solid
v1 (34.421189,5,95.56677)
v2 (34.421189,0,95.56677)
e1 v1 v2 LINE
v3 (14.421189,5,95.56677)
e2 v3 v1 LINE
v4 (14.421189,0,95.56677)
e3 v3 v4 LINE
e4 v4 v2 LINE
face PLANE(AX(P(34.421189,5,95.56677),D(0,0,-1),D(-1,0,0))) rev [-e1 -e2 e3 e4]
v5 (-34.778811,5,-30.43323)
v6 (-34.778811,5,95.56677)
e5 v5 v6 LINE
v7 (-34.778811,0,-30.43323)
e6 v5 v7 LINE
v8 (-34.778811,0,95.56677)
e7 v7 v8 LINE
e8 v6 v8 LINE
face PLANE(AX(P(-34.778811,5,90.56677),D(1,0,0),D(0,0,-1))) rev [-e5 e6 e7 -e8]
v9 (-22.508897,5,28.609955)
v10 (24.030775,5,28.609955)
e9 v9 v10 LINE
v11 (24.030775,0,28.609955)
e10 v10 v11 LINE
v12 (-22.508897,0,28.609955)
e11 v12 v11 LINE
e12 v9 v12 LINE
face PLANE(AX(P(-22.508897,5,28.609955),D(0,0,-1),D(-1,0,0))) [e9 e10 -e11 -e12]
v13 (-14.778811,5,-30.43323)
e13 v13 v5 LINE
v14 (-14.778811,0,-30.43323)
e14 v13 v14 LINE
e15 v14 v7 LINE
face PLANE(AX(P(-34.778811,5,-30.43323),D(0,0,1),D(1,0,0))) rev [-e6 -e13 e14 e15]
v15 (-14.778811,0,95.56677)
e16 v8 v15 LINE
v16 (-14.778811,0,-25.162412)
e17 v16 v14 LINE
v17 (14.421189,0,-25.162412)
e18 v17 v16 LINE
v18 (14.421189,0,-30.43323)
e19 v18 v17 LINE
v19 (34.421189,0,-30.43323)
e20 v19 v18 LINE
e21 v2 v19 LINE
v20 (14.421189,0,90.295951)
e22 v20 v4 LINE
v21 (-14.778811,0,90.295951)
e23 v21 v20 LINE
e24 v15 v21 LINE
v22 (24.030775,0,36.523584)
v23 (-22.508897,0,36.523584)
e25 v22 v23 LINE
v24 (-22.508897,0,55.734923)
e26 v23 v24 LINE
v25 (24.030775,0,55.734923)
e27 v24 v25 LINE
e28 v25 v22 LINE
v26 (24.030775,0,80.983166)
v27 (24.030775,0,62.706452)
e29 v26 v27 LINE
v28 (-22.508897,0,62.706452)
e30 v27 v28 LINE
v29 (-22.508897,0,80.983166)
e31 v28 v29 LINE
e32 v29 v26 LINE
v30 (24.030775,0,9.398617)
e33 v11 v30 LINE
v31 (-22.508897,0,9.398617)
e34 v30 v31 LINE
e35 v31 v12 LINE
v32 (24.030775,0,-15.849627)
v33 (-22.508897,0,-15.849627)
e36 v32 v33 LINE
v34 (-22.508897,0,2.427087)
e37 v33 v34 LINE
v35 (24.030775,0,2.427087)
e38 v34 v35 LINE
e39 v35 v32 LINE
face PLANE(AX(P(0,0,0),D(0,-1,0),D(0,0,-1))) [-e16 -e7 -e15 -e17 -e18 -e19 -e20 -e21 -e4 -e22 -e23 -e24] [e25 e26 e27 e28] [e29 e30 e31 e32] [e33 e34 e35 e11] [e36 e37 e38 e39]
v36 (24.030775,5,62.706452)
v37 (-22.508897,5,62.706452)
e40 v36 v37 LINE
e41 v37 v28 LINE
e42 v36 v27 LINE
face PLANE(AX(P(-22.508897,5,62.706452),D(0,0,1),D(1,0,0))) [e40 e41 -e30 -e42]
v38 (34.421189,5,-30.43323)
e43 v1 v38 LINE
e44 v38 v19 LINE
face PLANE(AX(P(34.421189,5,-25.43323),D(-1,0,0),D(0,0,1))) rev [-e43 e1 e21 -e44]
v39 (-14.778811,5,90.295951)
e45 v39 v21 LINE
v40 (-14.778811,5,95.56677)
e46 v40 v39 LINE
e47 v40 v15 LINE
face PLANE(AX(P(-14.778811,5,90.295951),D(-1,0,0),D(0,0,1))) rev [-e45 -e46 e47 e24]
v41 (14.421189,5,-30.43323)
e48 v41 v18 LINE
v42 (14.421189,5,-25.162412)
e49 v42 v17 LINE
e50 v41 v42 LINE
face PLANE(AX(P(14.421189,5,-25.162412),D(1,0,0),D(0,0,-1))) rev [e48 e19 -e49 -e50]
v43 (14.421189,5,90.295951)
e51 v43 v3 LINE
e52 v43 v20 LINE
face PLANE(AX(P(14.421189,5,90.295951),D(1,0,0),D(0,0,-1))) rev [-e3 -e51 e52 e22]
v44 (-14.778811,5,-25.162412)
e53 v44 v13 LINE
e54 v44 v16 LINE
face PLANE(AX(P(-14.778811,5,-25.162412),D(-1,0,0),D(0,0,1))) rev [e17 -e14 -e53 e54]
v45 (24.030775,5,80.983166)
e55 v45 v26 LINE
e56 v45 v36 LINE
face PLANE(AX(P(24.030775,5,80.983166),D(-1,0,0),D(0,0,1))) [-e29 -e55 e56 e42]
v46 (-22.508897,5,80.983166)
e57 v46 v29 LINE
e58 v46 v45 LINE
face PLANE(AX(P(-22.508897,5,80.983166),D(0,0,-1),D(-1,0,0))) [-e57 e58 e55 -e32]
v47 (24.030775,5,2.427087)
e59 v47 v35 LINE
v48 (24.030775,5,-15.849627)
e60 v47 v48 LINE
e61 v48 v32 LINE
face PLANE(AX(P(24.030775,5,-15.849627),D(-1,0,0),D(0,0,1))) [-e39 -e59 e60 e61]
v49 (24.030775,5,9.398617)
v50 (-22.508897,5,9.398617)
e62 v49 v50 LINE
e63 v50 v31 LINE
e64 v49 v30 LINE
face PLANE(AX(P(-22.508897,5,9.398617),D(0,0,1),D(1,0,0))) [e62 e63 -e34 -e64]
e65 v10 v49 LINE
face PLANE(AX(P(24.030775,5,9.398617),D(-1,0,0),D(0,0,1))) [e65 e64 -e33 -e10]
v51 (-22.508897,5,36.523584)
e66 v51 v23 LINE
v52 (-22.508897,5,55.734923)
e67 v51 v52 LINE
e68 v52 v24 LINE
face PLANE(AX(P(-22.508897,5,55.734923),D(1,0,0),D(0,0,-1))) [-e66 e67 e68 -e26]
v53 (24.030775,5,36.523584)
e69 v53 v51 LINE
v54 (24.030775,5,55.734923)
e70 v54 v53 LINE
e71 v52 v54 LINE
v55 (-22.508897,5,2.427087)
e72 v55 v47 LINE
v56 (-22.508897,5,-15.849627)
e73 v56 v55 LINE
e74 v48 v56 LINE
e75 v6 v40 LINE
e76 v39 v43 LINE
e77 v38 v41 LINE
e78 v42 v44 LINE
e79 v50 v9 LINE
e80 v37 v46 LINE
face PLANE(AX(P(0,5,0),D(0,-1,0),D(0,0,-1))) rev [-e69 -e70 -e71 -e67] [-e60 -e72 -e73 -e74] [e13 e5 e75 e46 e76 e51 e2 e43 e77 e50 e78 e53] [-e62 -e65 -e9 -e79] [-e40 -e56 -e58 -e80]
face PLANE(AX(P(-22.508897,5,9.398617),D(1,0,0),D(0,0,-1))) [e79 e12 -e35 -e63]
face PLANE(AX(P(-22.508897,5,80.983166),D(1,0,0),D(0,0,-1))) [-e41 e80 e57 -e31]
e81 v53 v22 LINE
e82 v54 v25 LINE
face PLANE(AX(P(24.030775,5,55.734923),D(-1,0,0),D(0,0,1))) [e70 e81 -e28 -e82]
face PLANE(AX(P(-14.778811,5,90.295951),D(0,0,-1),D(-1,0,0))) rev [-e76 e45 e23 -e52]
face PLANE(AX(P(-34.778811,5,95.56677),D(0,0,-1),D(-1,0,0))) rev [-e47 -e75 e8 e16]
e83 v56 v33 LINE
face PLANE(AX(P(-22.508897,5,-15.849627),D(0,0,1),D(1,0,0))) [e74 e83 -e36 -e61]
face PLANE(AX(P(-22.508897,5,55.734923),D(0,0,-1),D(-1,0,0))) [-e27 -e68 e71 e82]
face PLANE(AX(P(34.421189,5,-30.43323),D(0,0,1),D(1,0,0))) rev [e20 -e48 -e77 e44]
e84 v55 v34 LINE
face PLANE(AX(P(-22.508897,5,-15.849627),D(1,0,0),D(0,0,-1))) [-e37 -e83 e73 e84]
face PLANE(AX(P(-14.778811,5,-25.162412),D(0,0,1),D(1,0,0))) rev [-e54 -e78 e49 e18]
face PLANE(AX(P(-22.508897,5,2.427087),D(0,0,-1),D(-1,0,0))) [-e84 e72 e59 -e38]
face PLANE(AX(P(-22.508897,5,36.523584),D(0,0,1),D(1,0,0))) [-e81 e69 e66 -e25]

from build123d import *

# Parameters (mm, degrees)
SKETCH1_W           = 46.539672572
SKETCH1_H           = 19.211338676
SKETCH1_H_2         = 18.276713521
SKETCH1_H_3         = 18.27671352
BOSS_EXTRUDE1_DEPTH = 5


with BuildPart() as part:
    # Sketch1 → Boss-Extrude1 (new body)
    with BuildSketch(Plane(origin=(0, 0, 0), x_dir=(1, 0, 0), z_dir=(0, 1, 0))):
        Polygon((-14.77881137, 25.162411855), (14.42118863, 25.162411855), (14.42118863, 30.433230433), (34.42118863, 30.433230433), (34.42118863, 25.433230433), (34.42118863, -90.566769567), (34.42118863, -95.566769567), (14.42118863, -95.566769567), (14.42118863, -90.29595099), (-14.77881137, -90.29595099), (-14.77881137, -95.566769567), (-34.77881137, -95.566769567), (-34.77881137, -90.566769567), (-34.77881137, 25.433230433), (-34.77881137, 30.433230433), (-14.77881137, 30.433230433), align=None)
        with Locations((0.760939105, -46.129253173)):
            Rectangle(SKETCH1_W, SKETCH1_H, mode=Mode.SUBTRACT)
        with Locations((0.760939105, 6.711270036)):
            Rectangle(SKETCH1_W, SKETCH1_H_2, mode=Mode.SUBTRACT)
        with Locations((0.760939105, -19.004285962)):
            Rectangle(SKETCH1_W, SKETCH1_H, mode=Mode.SUBTRACT)
        with Locations((0.760939105, -71.84480917)):
            Rectangle(SKETCH1_W, SKETCH1_H_3, mode=Mode.SUBTRACT)
    extrude(amount=BOSS_EXTRUDE1_DEPTH)


solid = part.part
